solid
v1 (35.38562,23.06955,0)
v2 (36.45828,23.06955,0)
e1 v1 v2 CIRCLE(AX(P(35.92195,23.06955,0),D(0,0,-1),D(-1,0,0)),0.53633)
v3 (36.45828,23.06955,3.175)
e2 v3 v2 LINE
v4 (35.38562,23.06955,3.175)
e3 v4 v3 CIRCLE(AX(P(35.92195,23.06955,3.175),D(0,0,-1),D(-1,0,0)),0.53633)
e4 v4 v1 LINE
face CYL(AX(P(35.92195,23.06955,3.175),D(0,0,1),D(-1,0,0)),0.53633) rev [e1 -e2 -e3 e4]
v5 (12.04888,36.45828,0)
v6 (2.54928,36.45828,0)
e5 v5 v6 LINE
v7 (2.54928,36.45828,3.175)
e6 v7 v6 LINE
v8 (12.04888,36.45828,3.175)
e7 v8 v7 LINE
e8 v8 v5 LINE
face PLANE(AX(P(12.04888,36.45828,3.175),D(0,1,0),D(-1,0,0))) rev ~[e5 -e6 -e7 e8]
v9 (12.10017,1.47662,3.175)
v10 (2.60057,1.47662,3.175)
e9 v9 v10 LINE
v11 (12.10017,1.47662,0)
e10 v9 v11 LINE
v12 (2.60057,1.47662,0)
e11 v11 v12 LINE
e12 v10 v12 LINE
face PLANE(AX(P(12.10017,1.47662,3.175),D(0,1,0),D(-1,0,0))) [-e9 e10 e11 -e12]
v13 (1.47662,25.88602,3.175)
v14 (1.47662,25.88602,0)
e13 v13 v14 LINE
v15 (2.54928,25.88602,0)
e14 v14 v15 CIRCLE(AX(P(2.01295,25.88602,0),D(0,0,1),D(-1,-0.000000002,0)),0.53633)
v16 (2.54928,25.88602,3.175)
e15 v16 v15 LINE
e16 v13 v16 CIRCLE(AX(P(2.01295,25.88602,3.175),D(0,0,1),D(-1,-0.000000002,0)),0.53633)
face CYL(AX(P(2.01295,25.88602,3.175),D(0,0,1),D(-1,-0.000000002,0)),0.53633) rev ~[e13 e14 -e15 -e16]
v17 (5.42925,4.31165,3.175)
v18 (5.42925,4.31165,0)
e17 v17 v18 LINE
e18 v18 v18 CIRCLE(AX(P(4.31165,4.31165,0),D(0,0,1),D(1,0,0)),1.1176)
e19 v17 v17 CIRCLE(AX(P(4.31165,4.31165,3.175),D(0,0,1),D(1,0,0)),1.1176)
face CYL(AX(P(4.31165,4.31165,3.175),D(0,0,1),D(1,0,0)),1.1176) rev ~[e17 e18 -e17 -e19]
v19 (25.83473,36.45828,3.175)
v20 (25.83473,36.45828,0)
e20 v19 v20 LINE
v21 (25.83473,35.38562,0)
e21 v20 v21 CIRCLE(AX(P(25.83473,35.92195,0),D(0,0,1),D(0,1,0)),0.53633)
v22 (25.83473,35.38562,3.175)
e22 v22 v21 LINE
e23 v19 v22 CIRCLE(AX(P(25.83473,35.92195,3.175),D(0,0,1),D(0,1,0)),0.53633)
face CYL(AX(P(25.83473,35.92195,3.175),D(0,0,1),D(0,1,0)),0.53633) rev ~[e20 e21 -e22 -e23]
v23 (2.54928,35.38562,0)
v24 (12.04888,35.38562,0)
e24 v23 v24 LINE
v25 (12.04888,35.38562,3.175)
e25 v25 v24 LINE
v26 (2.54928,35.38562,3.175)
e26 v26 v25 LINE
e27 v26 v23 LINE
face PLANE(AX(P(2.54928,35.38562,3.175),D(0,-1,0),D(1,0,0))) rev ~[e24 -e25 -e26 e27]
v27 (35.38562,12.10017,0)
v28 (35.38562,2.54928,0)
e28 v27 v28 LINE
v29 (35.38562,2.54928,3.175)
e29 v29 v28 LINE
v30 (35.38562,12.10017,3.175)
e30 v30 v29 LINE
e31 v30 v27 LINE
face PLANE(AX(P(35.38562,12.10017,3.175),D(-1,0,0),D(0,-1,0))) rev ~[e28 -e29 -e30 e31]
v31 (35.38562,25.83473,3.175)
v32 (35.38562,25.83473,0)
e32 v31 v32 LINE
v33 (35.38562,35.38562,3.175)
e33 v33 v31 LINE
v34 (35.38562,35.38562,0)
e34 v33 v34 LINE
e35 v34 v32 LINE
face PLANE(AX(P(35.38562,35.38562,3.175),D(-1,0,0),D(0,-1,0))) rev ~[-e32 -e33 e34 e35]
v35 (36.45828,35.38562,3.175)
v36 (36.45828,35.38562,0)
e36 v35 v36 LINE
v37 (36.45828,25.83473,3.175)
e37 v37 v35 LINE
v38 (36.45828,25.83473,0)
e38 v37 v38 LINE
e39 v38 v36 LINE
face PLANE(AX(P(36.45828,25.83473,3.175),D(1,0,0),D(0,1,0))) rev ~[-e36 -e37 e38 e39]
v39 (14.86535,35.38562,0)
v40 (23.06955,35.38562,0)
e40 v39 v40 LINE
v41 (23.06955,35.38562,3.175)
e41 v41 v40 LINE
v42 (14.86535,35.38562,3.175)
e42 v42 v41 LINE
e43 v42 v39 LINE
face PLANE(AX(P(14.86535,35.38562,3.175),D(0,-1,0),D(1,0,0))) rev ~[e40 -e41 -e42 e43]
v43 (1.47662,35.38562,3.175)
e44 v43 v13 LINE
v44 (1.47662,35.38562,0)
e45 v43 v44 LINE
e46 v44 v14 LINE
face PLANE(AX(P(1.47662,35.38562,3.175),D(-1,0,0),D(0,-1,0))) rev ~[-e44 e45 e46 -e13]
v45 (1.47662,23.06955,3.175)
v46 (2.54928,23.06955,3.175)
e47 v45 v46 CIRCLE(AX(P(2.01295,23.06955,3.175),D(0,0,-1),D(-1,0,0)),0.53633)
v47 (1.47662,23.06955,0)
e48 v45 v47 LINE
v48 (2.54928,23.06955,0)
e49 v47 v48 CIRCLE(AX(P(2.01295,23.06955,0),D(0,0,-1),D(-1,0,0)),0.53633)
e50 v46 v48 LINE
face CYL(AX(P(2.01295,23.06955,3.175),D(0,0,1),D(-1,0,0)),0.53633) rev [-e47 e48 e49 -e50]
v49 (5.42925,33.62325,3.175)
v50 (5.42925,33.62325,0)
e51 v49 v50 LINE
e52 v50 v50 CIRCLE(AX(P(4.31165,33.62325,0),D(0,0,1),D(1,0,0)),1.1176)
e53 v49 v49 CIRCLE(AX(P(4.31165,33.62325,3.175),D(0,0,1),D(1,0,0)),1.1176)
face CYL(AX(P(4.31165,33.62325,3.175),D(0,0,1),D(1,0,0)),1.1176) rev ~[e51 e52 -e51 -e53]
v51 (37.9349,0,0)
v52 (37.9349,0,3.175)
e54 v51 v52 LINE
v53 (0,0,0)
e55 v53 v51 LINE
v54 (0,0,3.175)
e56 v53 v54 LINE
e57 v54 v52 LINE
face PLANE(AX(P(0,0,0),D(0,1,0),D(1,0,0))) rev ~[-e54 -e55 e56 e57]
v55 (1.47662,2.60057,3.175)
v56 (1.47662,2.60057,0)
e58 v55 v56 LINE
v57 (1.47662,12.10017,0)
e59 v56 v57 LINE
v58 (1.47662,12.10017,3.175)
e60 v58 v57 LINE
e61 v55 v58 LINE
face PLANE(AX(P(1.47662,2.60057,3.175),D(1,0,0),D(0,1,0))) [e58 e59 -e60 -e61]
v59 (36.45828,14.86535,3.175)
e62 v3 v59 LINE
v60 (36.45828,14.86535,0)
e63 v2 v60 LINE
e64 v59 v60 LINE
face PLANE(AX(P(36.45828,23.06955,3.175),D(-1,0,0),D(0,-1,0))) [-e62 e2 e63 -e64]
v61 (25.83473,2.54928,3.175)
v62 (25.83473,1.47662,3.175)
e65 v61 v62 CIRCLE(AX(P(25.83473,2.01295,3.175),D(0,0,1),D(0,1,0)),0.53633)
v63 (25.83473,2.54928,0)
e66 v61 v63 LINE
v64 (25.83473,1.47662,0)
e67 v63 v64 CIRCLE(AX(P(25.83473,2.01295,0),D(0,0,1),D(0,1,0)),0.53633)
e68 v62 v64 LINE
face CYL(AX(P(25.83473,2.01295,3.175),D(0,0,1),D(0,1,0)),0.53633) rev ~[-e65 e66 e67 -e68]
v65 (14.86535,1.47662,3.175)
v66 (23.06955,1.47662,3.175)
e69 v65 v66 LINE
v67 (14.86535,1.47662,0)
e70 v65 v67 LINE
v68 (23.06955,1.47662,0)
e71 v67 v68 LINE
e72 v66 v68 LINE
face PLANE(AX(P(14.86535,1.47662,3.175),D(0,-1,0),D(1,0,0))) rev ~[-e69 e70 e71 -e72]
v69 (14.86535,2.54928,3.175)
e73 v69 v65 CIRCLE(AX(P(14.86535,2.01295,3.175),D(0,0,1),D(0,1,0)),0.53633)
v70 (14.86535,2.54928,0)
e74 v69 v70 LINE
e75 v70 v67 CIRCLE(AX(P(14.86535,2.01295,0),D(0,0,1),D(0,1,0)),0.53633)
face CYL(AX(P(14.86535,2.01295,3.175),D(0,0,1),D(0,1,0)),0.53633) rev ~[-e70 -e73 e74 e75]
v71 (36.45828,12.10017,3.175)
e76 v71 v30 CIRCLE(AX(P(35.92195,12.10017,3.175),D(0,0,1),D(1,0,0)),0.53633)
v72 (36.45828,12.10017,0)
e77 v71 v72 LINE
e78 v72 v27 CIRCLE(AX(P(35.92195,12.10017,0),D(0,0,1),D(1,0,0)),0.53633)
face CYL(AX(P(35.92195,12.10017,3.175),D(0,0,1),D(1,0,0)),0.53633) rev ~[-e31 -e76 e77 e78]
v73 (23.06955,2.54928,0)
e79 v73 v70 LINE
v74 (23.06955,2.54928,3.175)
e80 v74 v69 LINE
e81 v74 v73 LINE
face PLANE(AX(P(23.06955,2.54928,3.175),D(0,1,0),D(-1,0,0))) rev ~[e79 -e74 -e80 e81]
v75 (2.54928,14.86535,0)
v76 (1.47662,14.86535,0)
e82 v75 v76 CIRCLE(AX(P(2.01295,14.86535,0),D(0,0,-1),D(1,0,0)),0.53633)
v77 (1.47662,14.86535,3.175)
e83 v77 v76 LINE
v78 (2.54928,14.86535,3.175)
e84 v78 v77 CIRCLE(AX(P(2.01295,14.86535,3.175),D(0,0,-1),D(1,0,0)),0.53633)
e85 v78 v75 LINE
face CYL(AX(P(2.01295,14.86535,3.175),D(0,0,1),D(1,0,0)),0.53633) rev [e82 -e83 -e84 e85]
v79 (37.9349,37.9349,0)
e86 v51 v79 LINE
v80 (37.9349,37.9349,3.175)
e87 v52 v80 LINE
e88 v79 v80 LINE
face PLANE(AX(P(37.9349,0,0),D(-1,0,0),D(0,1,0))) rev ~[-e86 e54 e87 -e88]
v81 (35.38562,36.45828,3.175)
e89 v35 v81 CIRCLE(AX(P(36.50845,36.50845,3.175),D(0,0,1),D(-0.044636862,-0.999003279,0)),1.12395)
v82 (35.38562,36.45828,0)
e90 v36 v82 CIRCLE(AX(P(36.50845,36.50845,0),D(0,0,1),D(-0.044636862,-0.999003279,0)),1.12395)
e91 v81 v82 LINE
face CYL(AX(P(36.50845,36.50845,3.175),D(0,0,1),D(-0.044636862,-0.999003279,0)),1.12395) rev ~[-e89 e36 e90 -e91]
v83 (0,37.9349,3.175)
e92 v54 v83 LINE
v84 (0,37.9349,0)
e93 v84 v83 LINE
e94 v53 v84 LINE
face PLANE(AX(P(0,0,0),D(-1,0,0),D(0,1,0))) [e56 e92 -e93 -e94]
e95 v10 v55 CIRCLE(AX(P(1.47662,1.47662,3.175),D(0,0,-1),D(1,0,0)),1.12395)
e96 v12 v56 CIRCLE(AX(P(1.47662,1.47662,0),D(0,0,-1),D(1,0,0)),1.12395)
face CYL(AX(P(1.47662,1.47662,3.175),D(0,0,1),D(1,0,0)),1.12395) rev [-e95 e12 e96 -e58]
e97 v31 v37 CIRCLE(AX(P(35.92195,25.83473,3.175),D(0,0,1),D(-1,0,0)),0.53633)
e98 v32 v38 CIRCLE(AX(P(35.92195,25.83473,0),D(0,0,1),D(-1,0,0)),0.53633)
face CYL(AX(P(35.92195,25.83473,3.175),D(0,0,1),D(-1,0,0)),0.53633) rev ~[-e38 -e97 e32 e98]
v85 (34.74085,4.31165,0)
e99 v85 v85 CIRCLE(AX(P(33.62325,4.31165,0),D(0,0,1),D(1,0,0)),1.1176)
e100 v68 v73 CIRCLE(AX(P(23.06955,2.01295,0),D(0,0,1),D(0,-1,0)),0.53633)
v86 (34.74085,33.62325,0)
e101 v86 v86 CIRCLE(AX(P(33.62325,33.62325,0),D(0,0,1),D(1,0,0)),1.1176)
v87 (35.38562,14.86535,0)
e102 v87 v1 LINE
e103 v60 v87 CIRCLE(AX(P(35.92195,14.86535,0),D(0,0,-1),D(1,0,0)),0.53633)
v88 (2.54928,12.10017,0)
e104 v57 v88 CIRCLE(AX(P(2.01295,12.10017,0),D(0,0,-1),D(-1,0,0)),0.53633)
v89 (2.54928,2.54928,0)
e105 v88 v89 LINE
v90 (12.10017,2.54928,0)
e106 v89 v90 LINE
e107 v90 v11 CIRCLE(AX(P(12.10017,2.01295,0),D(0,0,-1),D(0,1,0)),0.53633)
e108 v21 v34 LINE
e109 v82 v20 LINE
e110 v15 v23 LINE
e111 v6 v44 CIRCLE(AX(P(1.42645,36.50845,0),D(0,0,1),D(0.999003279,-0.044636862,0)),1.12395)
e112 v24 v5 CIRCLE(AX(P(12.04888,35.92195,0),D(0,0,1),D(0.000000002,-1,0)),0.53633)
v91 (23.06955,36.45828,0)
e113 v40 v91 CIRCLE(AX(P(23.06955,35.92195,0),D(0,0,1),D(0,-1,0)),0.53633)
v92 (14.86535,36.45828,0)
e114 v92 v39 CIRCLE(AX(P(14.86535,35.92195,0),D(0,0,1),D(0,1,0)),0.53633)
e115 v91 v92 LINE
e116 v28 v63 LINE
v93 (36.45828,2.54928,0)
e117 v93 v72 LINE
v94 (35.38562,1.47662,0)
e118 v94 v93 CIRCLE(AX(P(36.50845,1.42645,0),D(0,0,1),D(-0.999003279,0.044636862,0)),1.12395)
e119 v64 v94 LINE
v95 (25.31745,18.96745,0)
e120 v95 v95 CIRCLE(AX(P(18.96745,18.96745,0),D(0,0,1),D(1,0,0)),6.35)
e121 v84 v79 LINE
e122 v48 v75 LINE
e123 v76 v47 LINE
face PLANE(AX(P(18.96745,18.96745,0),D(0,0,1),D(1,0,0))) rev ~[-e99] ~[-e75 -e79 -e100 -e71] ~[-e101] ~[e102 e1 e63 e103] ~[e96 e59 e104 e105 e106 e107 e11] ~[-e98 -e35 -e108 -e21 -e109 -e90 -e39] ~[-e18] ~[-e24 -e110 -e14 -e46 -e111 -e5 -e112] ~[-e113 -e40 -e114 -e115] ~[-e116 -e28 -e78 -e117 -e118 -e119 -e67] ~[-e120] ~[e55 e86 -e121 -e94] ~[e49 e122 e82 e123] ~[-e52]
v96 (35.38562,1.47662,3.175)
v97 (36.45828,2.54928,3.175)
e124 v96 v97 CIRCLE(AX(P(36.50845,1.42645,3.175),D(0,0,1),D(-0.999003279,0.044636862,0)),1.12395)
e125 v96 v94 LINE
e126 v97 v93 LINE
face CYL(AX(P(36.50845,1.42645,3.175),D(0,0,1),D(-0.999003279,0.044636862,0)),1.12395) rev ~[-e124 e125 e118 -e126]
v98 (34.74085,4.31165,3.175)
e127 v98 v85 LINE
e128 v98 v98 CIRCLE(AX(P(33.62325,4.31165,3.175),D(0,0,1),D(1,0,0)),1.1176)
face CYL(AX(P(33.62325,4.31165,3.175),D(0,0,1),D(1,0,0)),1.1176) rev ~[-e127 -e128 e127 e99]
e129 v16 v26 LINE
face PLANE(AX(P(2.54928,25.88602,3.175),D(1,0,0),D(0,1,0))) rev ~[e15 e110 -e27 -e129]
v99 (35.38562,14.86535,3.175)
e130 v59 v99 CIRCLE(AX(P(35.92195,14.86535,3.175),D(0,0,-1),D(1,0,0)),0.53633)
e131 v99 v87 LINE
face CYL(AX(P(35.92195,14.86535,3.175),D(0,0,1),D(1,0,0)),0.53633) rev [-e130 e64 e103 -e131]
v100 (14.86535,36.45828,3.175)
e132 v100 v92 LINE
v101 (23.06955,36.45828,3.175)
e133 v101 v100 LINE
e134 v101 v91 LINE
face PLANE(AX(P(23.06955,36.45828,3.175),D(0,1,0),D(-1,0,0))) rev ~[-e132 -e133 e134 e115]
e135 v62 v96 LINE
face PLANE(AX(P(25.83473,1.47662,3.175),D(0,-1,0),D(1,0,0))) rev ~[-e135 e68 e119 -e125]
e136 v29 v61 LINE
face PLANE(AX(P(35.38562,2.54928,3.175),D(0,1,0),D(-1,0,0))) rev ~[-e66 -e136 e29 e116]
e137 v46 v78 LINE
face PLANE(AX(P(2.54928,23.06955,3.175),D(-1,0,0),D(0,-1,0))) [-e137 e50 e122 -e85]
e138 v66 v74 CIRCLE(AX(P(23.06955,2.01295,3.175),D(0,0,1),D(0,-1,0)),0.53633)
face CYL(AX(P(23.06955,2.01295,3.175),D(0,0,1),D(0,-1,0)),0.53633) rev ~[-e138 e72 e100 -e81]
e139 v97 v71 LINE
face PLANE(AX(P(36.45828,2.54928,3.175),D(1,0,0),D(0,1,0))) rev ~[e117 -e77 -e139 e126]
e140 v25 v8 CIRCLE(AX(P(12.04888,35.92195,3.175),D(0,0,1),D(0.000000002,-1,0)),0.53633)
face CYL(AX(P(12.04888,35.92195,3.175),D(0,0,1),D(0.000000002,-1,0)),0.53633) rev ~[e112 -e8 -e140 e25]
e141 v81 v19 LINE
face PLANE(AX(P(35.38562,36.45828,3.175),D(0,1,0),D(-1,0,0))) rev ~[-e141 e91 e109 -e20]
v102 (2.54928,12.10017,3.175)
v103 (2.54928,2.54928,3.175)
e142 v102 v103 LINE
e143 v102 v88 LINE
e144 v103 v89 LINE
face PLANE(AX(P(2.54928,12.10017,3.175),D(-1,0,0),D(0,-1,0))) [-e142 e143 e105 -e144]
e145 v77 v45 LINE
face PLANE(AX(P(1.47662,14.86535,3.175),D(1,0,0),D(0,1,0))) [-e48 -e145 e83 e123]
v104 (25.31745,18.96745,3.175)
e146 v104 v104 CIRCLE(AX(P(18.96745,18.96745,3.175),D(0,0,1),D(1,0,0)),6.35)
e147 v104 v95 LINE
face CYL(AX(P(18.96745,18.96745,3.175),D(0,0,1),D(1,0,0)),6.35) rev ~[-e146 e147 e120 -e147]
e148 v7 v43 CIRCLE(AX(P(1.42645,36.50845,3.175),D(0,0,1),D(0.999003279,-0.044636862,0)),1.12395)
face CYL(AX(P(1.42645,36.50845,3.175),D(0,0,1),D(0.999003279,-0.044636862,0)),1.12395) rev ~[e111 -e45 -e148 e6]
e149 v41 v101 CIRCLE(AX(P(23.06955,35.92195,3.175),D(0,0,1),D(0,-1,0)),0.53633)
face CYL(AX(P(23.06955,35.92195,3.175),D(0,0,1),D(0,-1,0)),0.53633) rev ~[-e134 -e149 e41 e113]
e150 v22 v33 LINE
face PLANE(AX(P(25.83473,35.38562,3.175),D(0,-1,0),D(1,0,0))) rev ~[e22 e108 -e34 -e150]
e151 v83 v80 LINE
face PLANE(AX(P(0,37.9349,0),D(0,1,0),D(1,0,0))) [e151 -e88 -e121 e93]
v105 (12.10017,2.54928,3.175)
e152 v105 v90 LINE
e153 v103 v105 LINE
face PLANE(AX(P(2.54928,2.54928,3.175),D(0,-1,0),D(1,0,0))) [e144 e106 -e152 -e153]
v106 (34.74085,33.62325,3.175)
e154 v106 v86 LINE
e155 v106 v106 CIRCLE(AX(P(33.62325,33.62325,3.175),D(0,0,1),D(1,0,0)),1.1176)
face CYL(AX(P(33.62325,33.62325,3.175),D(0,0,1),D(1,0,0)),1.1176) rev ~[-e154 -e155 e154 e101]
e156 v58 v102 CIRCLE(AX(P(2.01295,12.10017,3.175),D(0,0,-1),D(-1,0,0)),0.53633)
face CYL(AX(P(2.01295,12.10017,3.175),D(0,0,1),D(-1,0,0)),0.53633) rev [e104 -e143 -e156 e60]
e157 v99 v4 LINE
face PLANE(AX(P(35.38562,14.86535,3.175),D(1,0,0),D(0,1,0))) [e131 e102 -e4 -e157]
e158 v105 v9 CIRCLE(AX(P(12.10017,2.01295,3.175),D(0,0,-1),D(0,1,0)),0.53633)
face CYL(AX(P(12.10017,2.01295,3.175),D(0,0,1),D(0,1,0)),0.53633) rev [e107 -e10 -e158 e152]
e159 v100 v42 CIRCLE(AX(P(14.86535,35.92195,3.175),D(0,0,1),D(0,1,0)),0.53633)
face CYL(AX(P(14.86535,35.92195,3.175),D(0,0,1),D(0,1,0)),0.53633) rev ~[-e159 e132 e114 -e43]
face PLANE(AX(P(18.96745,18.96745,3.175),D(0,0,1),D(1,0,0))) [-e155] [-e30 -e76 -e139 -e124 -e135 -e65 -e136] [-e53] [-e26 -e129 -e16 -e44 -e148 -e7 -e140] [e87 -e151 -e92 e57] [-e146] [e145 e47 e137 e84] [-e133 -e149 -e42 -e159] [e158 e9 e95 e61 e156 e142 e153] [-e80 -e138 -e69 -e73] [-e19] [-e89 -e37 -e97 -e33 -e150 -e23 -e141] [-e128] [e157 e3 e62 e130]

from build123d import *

# Parameters (mm, degrees)
SKETCH1_W           = 37.9349
SKETCH1_H           = 37.9349
BOSS_EXTRUDE1_DEPTH = 3.175
SKETCH9_R           = 1.1176
SKETCH9_R_2         = 6.35
CUT_EXTRUDE2_DEPTH  = 3.175


with BuildPart() as part:
    # Sketch1 → Boss-Extrude1 (new body)
    with BuildSketch(Plane.XY):
        with Locations((18.96745, 18.96745)):
            Rectangle(SKETCH1_W, SKETCH1_H)
    extrude(amount=BOSS_EXTRUDE1_DEPTH)

    # Sketch9 → Cut-Extrude2 (cut)
    with BuildSketch(Plane.XY.offset(3.175)):
        with Locations((33.62325, 33.62325)):
            Circle(SKETCH9_R)
        with Locations((4.31165, 33.62325)):
            Circle(SKETCH9_R)
        with Locations((4.31165, 4.31165)):
            Circle(SKETCH9_R)
        with Locations((33.62325, 4.31165)):
            Circle(SKETCH9_R)
        with Locations((18.96745, 18.96745)):
            Circle(SKETCH9_R_2)
        with BuildLine():
            Line((35.385619933, 12.100169933), (35.385619933, 2.549280067))
            Line((35.385619933, 2.549280067), (25.834730067, 2.549280067))
            ThreePointArc((25.834730067, 2.549280067), (25.2984, 2.01295), (25.834730067, 1.476619933))
            Line((25.834730067, 1.476619933), (35.385619933, 1.476619933))
            ThreePointArc((35.385619933, 1.476619933), (37.303202335, 0.631697665), (36.458280067, 2.549280067))
            Line((36.458280067, 2.549280067), (36.458280067, 12.100169933))
            ThreePointArc((36.458280067, 12.100169933), (35.92195, 12.6365), (35.385619933, 12.100169933))
        make_face()
        with BuildLine():
            Line((35.385619933, 36.458280067), (25.834730067, 36.458280067))
            ThreePointArc((25.834730067, 36.458280067), (25.2984, 35.92195), (25.834730067, 35.385619933))
            Line((25.834730067, 35.385619933), (35.385619933, 35.385619933))
            Line((35.385619933, 35.385619933), (35.385619933, 25.834730067))
            ThreePointArc((35.385619933, 25.834730067), (35.92195, 25.2984), (36.458280067, 25.834730067))
            Line((36.458280067, 25.834730067), (36.458280067, 35.385619933))
            ThreePointArc((36.458280067, 35.385619933), (37.303202335, 37.303202335), (35.385619933, 36.458280067))
        make_face()
        with BuildLine():
            Line((12.048880067, 36.458280067), (2.549280067, 36.458280067))
            ThreePointArc((2.549280067, 36.458280067), (0.631697665, 37.303202335), (1.476619933, 35.385619933))
            Line((1.476619933, 35.385619933), (1.476619933, 25.886019933))
            ThreePointArc((1.476619933, 25.886019933), (2.01295, 25.349689867), (2.549280067, 25.886019933))
            Line((2.549280067, 25.886019933), (2.549280067, 35.385619933))
            Line((2.549280067, 35.385619933), (12.048880067, 35.385619933))
            ThreePointArc((12.048880067, 35.385619933), (12.585210133, 35.92195), (12.048880067, 36.458280067))
        make_face()
        with BuildLine():
            Line((23.06955, 36.458280067), (14.86535, 36.458280067))
            ThreePointArc((14.86535, 36.458280067), (14.329019933, 35.92195), (14.86535, 35.385619933))
            Line((14.86535, 35.385619933), (23.06955, 35.385619933))
            ThreePointArc((23.06955, 35.385619933), (23.605880067, 35.92195), (23.06955, 36.458280067))
        make_face()
        with BuildLine():
            Line((2.549280067, 23.06955), (2.549280067, 14.86535))
            ThreePointArc((2.549280067, 14.86535), (2.01295, 14.329019933), (1.476619933, 14.86535))
            Line((1.476619933, 14.86535), (1.476619933, 23.06955))
            ThreePointArc((1.476619933, 23.06955), (2.01295, 23.605880067), (2.549280067, 23.06955))
        make_face()
        with BuildLine():
            Line((36.458280067, 23.06955), (36.458280067, 14.86535))
            ThreePointArc((36.458280067, 14.86535), (35.92195, 14.329019933), (35.385619933, 14.86535))
            Line((35.385619933, 14.86535), (35.385619933, 23.06955))
            ThreePointArc((35.385619933, 23.06955), (35.92195, 23.605880067), (36.458280067, 23.06955))
        make_face()
        with BuildLine():
            Line((23.06955, 2.549280067), (14.86535, 2.549280067))
            ThreePointArc((14.86535, 2.549280067), (14.329019933, 2.01295), (14.86535, 1.476619933))
            Line((14.86535, 1.476619933), (23.06955, 1.476619933))
            ThreePointArc((23.06955, 1.476619933), (23.605880067, 2.01295), (23.06955, 2.549280067))
        make_face()
        with BuildLine():
            Line((2.549280067, 12.100169933), (2.549280067, 2.549280067))
            Line((2.549280067, 2.549280067), (12.100169933, 2.549280067))
            ThreePointArc((12.100169933, 2.549280067), (12.6365, 2.01295), (12.100169933, 1.476619933))
            Line((12.100169933, 1.476619933), (2.600569933, 1.476619933))
            ThreePointArc((2.600569933, 1.476619933), (0.681867267, 0.681867267), (1.476619933, 2.600569933))
            Line((1.476619933, 2.600569933), (1.476619933, 12.100169933))
            ThreePointArc((1.476619933, 12.100169933), (2.01295, 12.6365), (2.549280067, 12.100169933))
        make_face()
    extrude(amount=-CUT_EXTRUDE2_DEPTH, mode=Mode.SUBTRACT)


solid = part.part
